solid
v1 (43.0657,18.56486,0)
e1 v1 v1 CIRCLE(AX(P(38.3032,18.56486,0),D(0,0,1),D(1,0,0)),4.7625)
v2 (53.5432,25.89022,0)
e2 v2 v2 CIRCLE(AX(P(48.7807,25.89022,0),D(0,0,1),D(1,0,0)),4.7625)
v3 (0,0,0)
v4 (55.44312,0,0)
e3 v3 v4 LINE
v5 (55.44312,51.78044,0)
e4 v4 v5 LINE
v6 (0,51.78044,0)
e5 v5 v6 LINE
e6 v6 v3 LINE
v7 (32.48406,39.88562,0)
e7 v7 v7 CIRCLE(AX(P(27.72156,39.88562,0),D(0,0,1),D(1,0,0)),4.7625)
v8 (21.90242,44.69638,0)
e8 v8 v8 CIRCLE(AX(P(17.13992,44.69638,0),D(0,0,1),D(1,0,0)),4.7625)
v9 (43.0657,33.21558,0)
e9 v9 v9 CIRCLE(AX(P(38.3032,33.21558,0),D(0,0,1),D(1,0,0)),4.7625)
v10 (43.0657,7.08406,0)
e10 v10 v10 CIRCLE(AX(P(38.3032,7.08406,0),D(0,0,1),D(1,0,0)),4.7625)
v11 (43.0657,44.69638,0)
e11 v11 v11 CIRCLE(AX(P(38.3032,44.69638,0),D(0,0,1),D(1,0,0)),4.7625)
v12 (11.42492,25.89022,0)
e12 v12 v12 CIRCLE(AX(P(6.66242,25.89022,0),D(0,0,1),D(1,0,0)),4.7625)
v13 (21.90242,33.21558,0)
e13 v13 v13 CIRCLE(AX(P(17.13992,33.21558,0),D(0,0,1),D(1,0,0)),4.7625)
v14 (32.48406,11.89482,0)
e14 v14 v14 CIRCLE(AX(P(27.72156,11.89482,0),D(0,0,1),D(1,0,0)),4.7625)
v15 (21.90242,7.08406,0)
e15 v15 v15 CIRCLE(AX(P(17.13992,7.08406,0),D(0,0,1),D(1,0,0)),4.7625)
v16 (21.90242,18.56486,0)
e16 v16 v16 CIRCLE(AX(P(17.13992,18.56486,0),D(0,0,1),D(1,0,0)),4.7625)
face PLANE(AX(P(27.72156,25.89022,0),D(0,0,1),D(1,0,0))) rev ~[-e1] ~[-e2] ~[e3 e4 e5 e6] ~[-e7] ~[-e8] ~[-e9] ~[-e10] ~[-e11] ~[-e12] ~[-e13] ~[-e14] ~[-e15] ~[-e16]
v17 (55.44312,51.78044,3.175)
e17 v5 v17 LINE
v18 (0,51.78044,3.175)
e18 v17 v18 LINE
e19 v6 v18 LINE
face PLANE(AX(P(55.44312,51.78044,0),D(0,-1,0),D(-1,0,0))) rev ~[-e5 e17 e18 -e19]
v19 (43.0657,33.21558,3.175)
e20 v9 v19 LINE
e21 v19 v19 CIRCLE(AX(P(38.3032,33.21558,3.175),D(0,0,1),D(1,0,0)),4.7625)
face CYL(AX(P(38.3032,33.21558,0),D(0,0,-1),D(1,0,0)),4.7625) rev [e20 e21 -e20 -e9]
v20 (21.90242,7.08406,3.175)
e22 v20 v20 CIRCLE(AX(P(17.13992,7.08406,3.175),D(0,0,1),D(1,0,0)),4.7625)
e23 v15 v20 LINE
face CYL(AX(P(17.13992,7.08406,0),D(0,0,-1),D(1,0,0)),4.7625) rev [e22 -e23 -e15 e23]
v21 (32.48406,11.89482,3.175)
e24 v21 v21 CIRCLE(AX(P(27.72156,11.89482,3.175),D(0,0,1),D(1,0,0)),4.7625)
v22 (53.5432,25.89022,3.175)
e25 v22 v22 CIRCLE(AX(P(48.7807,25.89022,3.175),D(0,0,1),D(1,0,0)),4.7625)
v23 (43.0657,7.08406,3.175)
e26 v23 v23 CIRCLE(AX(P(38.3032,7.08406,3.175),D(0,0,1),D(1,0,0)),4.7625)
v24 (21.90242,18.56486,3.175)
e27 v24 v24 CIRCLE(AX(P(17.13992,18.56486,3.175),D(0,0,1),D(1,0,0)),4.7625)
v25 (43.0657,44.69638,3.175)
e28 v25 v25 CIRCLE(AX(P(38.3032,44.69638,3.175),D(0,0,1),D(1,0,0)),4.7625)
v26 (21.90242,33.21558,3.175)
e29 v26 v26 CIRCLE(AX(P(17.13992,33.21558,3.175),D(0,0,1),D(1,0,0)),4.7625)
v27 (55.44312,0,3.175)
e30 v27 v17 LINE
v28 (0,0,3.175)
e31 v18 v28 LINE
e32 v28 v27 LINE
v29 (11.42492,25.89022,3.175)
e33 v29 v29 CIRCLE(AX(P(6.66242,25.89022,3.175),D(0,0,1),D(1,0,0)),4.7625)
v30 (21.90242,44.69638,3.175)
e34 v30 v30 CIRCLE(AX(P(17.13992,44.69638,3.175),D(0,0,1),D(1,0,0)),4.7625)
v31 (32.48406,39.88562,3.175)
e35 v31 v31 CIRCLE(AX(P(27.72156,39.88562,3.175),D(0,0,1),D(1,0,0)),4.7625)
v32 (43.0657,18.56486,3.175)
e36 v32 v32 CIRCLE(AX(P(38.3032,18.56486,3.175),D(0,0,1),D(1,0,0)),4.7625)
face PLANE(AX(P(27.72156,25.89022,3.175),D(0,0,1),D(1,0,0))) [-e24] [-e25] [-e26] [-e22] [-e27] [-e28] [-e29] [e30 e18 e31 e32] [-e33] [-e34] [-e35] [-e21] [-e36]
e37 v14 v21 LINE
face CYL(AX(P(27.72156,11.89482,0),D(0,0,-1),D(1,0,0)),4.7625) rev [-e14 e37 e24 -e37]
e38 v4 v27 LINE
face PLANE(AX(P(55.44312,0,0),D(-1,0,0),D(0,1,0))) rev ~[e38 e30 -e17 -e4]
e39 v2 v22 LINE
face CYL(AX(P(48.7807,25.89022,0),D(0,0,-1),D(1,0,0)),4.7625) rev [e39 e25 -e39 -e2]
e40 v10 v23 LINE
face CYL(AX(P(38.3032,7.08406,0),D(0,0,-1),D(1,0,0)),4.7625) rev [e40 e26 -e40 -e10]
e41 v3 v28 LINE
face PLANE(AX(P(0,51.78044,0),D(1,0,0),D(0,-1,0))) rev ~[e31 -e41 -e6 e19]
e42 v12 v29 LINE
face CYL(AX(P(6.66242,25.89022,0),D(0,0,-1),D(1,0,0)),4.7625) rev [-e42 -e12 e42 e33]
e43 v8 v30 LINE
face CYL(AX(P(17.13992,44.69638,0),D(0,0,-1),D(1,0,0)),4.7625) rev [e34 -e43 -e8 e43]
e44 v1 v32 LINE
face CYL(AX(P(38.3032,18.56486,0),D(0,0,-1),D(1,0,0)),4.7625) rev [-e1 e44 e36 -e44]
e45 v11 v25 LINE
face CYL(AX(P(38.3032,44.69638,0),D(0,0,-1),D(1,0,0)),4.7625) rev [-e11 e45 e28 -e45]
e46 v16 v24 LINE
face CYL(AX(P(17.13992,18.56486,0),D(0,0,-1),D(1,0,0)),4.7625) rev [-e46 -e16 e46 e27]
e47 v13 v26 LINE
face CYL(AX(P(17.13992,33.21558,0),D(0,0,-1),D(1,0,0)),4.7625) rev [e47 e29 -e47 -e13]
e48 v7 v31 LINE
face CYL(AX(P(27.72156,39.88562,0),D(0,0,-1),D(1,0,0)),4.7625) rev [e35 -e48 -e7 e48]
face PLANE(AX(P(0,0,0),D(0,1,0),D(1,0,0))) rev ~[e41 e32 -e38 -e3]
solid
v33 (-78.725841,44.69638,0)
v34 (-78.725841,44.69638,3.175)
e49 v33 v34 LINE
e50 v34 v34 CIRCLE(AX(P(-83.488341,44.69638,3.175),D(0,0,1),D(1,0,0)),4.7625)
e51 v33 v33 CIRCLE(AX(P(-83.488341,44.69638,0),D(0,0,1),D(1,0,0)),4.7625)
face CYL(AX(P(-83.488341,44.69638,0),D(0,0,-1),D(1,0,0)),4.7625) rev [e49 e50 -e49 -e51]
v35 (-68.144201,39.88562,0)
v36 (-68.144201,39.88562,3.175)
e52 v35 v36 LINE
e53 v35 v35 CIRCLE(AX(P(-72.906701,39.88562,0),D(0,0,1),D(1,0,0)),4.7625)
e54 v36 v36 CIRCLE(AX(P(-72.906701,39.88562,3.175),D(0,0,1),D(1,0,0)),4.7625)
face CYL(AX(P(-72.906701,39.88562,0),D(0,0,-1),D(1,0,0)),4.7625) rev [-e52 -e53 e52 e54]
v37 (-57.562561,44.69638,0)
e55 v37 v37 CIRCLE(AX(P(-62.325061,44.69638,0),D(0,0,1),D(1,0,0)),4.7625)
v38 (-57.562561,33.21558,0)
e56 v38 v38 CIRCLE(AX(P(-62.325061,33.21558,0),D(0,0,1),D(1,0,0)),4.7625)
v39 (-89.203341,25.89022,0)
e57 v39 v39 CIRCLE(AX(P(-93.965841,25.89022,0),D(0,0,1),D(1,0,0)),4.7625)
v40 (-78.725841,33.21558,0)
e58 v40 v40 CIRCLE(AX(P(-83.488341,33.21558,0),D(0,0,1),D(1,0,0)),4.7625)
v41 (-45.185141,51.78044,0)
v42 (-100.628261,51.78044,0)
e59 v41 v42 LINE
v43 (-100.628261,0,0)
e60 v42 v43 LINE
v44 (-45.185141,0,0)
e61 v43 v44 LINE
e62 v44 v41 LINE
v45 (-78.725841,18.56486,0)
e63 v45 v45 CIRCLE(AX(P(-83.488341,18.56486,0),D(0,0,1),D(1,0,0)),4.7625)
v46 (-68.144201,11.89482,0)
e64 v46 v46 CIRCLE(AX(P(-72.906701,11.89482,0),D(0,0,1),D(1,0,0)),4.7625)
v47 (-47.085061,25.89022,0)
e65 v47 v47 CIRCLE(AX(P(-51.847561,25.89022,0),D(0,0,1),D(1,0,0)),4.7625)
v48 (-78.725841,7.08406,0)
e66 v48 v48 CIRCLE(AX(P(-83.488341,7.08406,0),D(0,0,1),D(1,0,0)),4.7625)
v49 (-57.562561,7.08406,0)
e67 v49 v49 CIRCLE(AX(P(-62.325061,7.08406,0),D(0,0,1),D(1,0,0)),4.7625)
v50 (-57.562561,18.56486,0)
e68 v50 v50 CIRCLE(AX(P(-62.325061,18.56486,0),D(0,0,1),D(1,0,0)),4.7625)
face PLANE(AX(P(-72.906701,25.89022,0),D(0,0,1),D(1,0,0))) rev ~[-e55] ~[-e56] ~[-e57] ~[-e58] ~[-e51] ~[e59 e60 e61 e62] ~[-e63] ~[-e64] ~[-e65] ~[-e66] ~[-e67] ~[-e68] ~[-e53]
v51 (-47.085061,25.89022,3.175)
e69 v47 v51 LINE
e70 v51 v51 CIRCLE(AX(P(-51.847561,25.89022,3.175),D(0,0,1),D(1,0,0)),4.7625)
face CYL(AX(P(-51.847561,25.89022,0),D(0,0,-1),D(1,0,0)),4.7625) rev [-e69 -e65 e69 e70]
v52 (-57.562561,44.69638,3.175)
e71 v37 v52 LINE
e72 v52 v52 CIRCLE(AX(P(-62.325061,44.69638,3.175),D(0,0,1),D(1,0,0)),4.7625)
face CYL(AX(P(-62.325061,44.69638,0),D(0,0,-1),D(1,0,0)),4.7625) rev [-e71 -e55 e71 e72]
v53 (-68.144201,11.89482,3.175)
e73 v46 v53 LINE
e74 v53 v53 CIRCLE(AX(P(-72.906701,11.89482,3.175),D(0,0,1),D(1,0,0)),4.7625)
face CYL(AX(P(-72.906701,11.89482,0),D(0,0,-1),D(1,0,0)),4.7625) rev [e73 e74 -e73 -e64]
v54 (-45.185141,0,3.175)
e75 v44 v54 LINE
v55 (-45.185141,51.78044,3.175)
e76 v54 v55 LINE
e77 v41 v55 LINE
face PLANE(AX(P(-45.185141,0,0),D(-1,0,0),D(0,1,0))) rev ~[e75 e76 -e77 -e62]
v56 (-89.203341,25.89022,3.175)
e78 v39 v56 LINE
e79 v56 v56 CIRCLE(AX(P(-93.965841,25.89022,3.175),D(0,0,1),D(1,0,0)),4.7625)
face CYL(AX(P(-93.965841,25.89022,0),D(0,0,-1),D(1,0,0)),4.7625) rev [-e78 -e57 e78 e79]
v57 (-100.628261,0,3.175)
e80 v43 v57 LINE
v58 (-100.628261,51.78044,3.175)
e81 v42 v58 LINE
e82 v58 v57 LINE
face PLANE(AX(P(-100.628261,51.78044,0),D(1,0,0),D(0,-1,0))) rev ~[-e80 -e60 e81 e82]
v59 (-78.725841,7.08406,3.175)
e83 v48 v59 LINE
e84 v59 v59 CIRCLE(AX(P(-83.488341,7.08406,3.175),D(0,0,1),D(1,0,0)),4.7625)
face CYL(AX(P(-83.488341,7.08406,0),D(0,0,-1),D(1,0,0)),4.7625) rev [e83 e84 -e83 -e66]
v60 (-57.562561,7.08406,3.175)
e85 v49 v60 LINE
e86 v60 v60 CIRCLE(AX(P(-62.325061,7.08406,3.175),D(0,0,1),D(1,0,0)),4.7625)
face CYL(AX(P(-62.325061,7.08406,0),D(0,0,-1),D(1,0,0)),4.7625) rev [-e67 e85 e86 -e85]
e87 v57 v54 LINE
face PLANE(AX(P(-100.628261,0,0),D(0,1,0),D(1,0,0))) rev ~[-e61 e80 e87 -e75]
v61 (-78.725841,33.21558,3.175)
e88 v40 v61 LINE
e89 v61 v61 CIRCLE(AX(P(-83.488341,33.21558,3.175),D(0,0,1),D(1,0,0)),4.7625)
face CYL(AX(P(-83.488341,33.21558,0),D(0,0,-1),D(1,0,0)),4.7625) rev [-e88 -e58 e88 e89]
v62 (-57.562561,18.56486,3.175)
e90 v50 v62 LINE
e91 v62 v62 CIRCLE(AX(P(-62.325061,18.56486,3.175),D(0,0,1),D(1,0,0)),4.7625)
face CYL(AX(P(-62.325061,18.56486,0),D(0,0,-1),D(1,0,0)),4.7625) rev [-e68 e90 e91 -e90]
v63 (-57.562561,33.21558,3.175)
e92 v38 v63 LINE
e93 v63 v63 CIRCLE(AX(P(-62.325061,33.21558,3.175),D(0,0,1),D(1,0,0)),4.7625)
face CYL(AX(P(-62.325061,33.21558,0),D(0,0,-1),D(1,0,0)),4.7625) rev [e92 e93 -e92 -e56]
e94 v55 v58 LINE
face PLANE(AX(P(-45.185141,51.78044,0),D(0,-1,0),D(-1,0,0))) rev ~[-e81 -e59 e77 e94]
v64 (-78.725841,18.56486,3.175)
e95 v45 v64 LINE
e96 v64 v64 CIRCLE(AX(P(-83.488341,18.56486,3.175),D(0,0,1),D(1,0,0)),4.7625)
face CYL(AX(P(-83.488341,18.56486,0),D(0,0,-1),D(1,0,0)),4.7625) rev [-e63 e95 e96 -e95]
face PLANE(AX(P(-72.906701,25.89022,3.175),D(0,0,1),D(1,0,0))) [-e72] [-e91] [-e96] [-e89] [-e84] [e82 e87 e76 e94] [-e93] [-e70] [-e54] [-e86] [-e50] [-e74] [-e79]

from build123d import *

# Parameters (mm, degrees)
F0_R     = 4.7625
F1_DEPTH = 3.175


with BuildPart() as f1:
    # F0 (on Top) → F1 (new body)
    with BuildSketch(Plane.XY):
        Polygon((-100.628261, 0), (-45.185141, 0), (-45.185141, 51.78044), (-62.325061, 51.78044), (-83.488341, 51.78044), (-100.628261, 51.78044), align=None)
        with Locations((-83.488341, 7.08406)):
            Circle(F0_R, mode=Mode.SUBTRACT)
        with Locations((-62.325061, 7.08406)):
            Circle(F0_R, mode=Mode.SUBTRACT)
        with Locations((-72.906701, 11.89482)):
            Circle(F0_R, mode=Mode.SUBTRACT)
        with Locations((-83.488341, 18.56486)):
            Circle(F0_R, mode=Mode.SUBTRACT)
        with Locations((-62.325061, 18.56486)):
            Circle(F0_R, mode=Mode.SUBTRACT)
        with Locations((-93.965841, 25.89022)):
            Circle(F0_R, mode=Mode.SUBTRACT)
        with Locations((-83.488341, 33.21558)):
            Circle(F0_R, mode=Mode.SUBTRACT)
        with Locations((-62.325061, 33.21558)):
            Circle(F0_R, mode=Mode.SUBTRACT)
        with Locations((-51.847561, 25.89022)):
            Circle(F0_R, mode=Mode.SUBTRACT)
        with Locations((-83.488341, 44.69638)):
            Circle(F0_R, mode=Mode.SUBTRACT)
        with Locations((-72.906701, 39.88562)):
            Circle(F0_R, mode=Mode.SUBTRACT)
        with Locations((-62.325061, 44.69638)):
            Circle(F0_R, mode=Mode.SUBTRACT)
        Polygon((0, 51.78044), (0, 0), (55.44312, 0), (55.44312, 51.78044), (38.3032, 51.78044), (17.13992, 51.78044), align=None)
        with Locations((17.13992, 7.08406)):
            Circle(F0_R, mode=Mode.SUBTRACT)
        with Locations((27.72156, 11.89482)):
            Circle(F0_R, mode=Mode.SUBTRACT)
        with Locations((38.3032, 7.08406)):
            Circle(F0_R, mode=Mode.SUBTRACT)
        with Locations((17.13992, 18.56486)):
            Circle(F0_R, mode=Mode.SUBTRACT)
        with Locations((38.3032, 18.56486)):
            Circle(F0_R, mode=Mode.SUBTRACT)
        with Locations((6.66242, 25.89022)):
            Circle(F0_R, mode=Mode.SUBTRACT)
        with Locations((48.7807, 25.89022)):
            Circle(F0_R, mode=Mode.SUBTRACT)
        with Locations((17.13992, 33.21558)):
            Circle(F0_R, mode=Mode.SUBTRACT)
        with Locations((38.3032, 33.21558)):
            Circle(F0_R, mode=Mode.SUBTRACT)
        with Locations((27.72156, 39.88562)):
            Circle(F0_R, mode=Mode.SUBTRACT)
        with Locations((17.13992, 44.69638)):
            Circle(F0_R, mode=Mode.SUBTRACT)
        with Locations((38.3032, 44.69638)):
            Circle(F0_R, mode=Mode.SUBTRACT)
    extrude(amount=F1_DEPTH)


solid = f1.part
